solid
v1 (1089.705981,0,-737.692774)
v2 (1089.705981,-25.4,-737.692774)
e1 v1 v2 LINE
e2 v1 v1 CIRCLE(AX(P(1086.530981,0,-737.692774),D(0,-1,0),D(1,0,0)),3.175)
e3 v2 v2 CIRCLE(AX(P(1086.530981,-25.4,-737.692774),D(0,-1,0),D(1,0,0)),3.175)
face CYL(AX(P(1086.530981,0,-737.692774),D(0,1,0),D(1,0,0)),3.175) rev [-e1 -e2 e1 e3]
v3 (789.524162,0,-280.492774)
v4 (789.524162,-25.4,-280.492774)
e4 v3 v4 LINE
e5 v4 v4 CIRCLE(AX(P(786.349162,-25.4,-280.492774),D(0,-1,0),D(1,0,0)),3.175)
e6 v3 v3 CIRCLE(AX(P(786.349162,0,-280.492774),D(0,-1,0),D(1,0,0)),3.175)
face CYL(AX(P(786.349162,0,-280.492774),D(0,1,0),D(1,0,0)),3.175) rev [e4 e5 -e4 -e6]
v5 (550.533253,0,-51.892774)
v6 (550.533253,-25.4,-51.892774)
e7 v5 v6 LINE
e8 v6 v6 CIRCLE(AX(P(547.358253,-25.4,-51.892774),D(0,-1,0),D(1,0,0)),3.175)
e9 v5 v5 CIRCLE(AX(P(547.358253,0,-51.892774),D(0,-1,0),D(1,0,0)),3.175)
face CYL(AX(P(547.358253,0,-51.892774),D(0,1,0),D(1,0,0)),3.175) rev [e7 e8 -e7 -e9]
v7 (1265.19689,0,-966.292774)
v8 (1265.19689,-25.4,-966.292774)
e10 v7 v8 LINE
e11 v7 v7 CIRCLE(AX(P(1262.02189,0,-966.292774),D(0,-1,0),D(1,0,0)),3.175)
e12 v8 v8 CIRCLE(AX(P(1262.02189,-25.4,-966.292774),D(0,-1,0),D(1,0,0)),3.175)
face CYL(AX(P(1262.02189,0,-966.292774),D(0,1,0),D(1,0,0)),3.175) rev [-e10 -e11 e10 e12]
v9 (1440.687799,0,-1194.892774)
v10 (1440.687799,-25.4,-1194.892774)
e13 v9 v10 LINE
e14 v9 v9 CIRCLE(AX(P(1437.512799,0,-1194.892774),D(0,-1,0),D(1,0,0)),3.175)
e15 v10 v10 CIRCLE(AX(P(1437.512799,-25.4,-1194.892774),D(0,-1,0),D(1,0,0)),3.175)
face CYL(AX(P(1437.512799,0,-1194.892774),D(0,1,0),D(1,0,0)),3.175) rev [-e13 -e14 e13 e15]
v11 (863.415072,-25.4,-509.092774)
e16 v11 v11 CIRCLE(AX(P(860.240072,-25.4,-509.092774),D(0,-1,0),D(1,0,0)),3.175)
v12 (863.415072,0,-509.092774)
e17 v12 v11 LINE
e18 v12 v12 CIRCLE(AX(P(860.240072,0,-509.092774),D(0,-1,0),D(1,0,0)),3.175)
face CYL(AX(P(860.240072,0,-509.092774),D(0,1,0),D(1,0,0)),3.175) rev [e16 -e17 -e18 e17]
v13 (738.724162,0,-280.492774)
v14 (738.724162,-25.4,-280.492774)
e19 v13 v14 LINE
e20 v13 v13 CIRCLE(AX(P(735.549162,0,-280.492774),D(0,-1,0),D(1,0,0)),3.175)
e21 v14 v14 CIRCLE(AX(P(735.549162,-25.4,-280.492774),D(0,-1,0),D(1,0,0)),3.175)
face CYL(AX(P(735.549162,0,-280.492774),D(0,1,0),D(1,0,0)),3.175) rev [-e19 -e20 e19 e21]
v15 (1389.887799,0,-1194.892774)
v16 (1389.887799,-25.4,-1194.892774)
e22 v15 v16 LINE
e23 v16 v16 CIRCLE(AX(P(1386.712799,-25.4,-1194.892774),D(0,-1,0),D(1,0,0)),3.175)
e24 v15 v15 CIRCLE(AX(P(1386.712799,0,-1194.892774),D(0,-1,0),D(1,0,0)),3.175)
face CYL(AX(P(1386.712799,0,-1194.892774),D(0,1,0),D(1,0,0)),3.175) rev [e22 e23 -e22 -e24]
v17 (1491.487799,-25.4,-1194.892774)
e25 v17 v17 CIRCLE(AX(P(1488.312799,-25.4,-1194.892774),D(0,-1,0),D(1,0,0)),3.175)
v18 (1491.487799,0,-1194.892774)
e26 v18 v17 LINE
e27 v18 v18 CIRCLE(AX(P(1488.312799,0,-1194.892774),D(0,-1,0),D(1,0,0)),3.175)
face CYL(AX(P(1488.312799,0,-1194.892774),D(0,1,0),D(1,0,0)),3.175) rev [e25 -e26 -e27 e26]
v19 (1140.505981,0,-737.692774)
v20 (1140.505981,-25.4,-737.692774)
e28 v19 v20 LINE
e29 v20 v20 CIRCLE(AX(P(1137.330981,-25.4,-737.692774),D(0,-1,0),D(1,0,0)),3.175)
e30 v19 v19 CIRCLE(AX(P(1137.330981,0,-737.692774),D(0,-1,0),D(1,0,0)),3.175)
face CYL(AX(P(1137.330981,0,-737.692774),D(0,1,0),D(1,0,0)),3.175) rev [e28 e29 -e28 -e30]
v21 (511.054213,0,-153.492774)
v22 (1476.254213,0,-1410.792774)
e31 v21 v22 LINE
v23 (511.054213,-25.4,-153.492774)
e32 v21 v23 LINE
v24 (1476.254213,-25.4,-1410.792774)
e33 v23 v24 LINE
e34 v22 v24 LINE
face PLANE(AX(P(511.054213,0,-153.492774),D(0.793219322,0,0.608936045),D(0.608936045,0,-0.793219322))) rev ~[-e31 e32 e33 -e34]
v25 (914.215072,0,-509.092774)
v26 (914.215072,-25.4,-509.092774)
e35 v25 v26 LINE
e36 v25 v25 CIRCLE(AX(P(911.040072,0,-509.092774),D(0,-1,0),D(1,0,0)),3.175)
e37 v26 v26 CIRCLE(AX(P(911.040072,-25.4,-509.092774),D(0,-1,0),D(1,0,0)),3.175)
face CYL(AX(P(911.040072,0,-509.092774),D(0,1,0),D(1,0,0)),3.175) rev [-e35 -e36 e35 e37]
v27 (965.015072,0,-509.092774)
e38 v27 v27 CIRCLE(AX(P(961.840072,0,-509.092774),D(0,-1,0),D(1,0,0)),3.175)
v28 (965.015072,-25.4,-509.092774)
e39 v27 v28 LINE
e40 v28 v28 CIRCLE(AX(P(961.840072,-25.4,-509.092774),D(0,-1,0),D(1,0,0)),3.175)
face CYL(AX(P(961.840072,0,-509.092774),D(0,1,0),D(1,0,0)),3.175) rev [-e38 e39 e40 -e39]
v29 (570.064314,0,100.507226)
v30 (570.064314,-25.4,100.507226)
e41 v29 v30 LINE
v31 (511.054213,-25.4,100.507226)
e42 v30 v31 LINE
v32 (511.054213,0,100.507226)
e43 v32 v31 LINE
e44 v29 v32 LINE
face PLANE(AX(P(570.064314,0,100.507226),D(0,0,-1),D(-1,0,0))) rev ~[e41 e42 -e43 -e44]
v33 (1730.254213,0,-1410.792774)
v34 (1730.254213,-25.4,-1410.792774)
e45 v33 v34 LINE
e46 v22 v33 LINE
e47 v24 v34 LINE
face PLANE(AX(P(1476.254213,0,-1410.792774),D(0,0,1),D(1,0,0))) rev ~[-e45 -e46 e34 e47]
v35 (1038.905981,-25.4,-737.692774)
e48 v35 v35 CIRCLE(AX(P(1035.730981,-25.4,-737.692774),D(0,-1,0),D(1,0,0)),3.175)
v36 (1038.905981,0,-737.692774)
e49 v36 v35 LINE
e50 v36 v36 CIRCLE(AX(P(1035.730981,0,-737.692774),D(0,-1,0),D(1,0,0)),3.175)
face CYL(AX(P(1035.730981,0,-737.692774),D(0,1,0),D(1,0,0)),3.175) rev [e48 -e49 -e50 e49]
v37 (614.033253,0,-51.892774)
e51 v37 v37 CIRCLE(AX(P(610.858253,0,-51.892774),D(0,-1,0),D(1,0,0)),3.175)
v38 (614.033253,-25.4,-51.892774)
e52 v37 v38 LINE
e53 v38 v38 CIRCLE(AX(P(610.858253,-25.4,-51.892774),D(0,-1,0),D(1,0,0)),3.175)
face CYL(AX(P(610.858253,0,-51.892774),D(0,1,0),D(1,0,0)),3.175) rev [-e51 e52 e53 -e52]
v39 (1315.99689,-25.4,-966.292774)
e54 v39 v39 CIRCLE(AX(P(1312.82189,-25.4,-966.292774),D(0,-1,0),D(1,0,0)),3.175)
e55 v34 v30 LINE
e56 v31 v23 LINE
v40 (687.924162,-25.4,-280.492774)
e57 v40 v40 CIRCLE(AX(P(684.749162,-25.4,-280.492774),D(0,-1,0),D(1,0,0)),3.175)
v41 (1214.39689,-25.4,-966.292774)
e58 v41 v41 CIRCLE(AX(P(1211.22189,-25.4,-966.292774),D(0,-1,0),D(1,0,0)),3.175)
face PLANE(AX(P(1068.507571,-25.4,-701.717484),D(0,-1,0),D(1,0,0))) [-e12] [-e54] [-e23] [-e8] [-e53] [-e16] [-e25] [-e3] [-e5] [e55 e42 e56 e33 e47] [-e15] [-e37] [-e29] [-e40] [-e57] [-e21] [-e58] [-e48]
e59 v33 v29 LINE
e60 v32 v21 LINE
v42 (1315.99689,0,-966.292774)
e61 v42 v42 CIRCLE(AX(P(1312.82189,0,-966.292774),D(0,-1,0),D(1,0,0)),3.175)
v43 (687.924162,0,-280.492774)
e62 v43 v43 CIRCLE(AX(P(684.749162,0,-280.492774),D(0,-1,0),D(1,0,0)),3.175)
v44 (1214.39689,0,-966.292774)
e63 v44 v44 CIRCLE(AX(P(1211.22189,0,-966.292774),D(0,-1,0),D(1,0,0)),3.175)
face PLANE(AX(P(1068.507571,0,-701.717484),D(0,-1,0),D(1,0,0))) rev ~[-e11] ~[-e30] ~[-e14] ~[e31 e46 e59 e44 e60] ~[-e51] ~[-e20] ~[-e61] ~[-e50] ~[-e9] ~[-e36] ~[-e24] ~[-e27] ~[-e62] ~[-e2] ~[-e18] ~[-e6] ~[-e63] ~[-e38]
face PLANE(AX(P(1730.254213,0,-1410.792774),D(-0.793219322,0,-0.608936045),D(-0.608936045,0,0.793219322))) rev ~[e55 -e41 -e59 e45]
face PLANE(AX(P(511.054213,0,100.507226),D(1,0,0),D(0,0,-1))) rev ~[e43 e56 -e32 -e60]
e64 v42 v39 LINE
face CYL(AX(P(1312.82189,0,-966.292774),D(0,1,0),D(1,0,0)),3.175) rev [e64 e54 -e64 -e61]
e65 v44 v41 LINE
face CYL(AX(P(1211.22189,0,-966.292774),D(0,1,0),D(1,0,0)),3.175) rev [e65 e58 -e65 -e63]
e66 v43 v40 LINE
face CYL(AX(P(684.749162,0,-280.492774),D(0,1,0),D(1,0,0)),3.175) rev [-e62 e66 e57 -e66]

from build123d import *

# Parameters (mm, degrees)
F0_R     = 3.175
F1_DEPTH = 25.4


with BuildPart() as f1:
    # F0 (on Front) → F1 (new body)
    with BuildSketch(Plane.XZ):
        Polygon((1476.254213, -1410.792774), (1730.254213, -1410.792774), (570.064314, 100.507226), (511.054213, 100.507226), (511.054213, -153.492774), align=None)
        with Locations((1035.730981, -737.692774)):
            Circle(F0_R, mode=Mode.SUBTRACT)
        with Locations((1086.530981, -737.692774)):
            Circle(F0_R, mode=Mode.SUBTRACT)
        with Locations((1386.712799, -1194.892774)):
            Circle(F0_R, mode=Mode.SUBTRACT)
        with Locations((1437.512799, -1194.892774)):
            Circle(F0_R, mode=Mode.SUBTRACT)
        with Locations((1488.312799, -1194.892774)):
            Circle(F0_R, mode=Mode.SUBTRACT)
        with Locations((1211.22189, -966.292774)):
            Circle(F0_R, mode=Mode.SUBTRACT)
        with Locations((1262.02189, -966.292774)):
            Circle(F0_R, mode=Mode.SUBTRACT)
        with Locations((1312.82189, -966.292774)):
            Circle(F0_R, mode=Mode.SUBTRACT)
        with Locations((1137.330981, -737.692774)):
            Circle(F0_R, mode=Mode.SUBTRACT)
        with Locations((684.749162, -280.492774)):
            Circle(F0_R, mode=Mode.SUBTRACT)
        with Locations((735.549162, -280.492774)):
            Circle(F0_R, mode=Mode.SUBTRACT)
        with Locations((786.349162, -280.492774)):
            Circle(F0_R, mode=Mode.SUBTRACT)
        with Locations((860.240072, -509.092774)):
            Circle(F0_R, mode=Mode.SUBTRACT)
        with Locations((911.040072, -509.092774)):
            Circle(F0_R, mode=Mode.SUBTRACT)
        with Locations((961.840072, -509.092774)):
            Circle(F0_R, mode=Mode.SUBTRACT)
        with Locations((547.358253, -51.892774)):
            Circle(F0_R, mode=Mode.SUBTRACT)
        with Locations((610.858253, -51.892774)):
            Circle(F0_R, mode=Mode.SUBTRACT)
    extrude(amount=F1_DEPTH)


solid = f1.part
